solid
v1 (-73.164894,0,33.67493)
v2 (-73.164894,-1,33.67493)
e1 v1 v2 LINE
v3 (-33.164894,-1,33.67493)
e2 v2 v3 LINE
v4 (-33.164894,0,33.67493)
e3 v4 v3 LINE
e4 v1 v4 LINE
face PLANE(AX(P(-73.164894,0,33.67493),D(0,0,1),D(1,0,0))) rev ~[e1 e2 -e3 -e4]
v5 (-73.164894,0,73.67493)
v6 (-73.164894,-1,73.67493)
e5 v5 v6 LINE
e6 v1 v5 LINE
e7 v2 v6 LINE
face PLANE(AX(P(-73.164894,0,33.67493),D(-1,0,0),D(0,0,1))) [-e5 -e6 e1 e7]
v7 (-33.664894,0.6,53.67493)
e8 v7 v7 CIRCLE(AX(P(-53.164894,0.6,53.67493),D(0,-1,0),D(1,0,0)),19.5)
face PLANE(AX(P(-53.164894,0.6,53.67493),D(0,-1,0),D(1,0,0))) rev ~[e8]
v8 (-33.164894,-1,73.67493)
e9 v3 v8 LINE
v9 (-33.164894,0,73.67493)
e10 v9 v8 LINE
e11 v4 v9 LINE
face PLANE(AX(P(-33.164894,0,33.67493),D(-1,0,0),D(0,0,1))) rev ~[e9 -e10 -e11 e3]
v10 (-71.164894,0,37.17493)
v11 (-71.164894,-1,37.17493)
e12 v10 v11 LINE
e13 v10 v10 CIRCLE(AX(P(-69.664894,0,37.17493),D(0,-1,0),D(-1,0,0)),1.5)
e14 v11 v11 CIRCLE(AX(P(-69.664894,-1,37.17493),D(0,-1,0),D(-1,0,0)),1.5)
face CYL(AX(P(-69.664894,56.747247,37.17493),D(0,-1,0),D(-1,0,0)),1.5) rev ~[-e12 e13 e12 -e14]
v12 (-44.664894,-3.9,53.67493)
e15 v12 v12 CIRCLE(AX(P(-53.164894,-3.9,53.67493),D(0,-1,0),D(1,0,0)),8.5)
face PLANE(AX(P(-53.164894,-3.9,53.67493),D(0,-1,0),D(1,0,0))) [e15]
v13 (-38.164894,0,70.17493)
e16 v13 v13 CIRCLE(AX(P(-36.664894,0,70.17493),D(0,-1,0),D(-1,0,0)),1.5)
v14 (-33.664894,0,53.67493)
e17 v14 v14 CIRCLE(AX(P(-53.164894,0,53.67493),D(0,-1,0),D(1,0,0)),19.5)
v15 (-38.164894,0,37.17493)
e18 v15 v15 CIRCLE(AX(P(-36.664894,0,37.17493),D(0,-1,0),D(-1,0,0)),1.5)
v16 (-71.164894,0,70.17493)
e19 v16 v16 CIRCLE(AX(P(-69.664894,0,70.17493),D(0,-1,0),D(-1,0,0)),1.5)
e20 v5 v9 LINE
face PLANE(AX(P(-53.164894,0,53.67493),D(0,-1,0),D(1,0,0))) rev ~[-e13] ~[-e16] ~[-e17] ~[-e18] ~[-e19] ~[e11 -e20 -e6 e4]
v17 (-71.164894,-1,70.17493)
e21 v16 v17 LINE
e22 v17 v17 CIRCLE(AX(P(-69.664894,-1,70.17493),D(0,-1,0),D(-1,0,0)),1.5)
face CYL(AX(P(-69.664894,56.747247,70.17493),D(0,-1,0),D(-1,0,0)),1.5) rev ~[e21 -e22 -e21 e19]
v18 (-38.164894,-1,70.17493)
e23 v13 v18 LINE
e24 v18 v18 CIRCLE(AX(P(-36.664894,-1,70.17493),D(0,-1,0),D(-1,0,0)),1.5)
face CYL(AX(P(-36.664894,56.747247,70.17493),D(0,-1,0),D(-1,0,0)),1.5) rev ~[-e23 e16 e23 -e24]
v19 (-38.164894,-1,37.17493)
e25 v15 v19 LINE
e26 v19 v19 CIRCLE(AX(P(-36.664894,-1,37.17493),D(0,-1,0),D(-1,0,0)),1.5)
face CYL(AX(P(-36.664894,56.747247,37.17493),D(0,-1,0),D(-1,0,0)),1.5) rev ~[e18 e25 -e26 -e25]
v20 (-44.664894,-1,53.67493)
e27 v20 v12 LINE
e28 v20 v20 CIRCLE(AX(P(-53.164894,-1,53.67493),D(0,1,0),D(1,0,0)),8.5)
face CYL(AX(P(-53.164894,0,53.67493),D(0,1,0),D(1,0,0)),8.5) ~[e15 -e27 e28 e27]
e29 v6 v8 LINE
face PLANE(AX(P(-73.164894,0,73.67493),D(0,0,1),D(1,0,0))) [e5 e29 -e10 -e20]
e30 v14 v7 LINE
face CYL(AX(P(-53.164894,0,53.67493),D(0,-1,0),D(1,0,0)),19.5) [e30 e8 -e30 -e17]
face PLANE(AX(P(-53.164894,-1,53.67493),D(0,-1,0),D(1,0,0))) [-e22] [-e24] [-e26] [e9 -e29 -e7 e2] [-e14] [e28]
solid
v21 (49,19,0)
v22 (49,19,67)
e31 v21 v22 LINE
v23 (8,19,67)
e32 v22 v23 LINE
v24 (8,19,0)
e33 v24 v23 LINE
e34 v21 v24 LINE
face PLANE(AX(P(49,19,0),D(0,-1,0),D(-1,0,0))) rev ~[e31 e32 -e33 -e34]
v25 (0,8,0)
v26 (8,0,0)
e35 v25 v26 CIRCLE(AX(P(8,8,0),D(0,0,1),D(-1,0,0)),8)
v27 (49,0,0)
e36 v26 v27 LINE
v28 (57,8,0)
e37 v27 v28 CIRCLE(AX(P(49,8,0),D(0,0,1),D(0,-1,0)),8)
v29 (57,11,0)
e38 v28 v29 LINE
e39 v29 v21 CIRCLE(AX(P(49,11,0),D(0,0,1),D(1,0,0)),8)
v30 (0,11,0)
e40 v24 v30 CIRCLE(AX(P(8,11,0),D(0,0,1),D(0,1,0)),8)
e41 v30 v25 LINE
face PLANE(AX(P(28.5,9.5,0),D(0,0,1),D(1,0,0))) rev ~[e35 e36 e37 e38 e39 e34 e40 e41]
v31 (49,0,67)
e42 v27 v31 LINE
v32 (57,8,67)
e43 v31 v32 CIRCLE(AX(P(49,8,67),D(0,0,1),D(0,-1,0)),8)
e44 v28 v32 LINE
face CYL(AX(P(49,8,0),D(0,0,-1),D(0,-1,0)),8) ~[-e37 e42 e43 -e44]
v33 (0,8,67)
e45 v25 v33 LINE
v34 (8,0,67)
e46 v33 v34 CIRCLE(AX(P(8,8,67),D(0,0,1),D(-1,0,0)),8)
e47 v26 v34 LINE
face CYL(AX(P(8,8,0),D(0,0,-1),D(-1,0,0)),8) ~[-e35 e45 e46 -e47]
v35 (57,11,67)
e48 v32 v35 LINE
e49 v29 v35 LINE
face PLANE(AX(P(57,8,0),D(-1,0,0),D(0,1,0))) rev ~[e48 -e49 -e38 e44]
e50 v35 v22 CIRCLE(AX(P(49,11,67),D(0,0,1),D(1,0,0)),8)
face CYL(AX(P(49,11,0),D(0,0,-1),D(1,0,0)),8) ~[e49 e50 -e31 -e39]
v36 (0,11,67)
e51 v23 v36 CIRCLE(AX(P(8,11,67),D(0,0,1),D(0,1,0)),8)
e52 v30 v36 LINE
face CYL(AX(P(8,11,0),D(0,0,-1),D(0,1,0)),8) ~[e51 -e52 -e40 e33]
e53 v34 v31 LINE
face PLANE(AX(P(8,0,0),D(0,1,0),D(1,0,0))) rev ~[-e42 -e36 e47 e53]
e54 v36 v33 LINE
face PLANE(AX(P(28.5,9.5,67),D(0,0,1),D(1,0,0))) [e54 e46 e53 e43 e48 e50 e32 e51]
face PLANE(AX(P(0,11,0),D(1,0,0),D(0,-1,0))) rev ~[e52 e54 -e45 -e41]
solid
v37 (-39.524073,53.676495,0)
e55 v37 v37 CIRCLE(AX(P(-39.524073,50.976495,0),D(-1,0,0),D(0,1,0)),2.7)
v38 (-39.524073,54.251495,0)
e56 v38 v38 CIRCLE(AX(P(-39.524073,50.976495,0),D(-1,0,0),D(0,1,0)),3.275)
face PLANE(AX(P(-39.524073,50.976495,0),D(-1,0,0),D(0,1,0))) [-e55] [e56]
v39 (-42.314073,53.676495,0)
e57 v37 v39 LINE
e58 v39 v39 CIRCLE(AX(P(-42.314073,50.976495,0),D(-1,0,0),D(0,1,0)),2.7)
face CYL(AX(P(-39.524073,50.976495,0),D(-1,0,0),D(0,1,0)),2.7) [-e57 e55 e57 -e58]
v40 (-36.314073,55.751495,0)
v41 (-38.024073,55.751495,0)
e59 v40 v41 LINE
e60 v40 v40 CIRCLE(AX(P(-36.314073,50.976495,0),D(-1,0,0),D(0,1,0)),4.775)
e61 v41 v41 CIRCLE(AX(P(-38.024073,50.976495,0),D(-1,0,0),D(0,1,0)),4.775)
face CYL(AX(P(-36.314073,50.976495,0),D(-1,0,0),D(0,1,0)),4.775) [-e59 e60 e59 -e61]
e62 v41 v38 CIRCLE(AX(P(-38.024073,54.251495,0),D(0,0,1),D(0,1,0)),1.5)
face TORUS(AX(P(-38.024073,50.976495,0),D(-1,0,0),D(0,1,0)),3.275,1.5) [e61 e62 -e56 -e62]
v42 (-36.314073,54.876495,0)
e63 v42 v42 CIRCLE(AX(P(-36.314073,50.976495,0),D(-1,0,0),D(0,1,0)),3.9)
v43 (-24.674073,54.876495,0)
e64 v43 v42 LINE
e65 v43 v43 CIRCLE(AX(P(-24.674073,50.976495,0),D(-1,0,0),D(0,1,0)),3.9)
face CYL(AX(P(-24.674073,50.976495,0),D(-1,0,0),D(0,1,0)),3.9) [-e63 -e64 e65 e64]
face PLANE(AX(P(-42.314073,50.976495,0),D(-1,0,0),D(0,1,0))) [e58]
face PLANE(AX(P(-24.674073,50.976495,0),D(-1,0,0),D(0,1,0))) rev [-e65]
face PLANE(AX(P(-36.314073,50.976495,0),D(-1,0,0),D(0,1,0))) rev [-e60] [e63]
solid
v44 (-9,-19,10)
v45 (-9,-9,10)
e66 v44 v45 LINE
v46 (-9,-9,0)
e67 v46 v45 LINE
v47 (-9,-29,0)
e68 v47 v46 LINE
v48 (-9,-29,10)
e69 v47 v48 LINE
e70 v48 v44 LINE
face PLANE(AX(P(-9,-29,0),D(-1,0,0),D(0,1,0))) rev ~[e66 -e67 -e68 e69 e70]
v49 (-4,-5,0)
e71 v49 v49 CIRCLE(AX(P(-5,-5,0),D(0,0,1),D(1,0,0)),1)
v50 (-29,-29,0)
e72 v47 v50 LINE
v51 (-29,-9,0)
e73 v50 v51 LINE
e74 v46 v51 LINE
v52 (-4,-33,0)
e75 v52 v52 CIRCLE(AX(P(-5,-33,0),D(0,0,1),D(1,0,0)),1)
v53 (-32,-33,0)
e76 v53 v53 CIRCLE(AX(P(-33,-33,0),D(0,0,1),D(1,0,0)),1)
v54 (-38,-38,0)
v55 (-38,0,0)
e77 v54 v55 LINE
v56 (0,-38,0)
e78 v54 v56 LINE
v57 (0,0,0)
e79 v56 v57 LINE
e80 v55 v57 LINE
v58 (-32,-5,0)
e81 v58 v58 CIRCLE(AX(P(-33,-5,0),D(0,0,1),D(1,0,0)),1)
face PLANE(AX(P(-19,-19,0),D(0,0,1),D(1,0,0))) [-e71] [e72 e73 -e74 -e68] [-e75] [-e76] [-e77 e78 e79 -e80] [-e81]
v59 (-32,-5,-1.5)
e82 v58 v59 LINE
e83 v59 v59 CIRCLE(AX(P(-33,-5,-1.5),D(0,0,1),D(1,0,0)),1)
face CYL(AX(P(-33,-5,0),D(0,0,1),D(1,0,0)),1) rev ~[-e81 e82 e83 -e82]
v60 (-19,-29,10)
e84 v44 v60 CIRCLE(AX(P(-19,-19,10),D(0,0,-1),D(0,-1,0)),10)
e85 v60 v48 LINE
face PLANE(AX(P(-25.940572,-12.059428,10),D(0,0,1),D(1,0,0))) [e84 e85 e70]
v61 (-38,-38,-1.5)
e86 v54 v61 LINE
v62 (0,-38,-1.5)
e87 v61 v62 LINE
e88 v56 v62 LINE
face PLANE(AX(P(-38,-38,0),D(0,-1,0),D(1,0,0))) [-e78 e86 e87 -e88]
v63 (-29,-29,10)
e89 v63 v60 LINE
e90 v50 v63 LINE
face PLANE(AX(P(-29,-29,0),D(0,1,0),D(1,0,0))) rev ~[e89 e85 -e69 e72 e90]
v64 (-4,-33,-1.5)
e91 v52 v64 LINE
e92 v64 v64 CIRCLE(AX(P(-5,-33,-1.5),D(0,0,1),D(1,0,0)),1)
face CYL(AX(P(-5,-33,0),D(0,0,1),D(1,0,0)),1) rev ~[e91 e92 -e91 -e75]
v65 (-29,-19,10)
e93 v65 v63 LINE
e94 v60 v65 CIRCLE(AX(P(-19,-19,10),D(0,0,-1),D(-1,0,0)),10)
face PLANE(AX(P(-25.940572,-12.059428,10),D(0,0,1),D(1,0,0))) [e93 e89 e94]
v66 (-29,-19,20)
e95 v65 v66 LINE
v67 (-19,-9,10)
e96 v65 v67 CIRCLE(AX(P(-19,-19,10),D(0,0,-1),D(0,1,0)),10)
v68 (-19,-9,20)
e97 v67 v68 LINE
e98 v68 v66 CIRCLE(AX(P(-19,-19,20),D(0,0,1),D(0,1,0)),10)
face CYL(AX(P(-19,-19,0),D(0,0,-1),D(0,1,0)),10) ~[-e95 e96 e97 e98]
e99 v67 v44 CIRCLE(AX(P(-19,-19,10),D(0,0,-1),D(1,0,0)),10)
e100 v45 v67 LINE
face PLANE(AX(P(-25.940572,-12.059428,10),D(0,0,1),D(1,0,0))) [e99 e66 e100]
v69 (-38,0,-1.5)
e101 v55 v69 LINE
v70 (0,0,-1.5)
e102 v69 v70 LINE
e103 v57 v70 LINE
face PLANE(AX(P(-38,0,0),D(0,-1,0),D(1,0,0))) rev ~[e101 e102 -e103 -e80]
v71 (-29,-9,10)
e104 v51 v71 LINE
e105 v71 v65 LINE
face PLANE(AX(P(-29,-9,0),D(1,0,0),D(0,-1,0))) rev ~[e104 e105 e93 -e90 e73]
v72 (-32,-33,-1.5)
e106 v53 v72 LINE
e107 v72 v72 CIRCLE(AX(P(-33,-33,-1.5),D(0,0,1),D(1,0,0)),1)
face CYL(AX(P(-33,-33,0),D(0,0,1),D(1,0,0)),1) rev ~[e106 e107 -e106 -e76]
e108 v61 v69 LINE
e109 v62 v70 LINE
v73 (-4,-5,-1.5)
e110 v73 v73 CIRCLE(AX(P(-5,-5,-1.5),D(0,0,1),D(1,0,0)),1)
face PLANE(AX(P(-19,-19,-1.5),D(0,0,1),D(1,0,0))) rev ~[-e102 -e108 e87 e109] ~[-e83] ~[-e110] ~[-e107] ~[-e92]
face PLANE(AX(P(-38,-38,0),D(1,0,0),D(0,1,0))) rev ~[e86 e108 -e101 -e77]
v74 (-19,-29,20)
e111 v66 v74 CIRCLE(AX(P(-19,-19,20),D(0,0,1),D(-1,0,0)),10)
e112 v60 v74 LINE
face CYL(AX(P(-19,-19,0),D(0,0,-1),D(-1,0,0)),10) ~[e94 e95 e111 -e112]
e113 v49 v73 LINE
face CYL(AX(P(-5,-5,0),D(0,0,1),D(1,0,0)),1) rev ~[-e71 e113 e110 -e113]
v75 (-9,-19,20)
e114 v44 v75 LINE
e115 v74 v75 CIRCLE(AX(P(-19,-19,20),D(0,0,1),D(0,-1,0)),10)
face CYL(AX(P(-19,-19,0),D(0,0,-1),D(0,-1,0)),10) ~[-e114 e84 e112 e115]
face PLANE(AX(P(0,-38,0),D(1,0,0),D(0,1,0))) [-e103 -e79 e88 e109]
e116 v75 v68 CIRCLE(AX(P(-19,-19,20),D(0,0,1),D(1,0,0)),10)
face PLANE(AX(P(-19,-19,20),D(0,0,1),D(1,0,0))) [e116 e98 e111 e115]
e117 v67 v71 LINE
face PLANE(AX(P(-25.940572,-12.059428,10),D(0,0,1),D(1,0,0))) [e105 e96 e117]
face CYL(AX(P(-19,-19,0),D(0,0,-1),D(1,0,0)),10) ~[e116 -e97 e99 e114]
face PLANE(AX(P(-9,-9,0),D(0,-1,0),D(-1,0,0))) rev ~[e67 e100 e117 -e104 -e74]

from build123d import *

# Parameters (mm, degrees)
F1_DEPTH = 67
F2_W     = 38
F2_H     = 38
F2_R     = 1
F3_DEPTH = 1.5
F4_DEPTH = 10
F5_DEPTH = 20
F6_W     = 40
F6_H     = 40
F6_R     = 19.5
F6_R_2   = 8.5
F7_DEPTH = 1
F8_DEPTH = 0.6
F9_DEPTH = 3.9
F10_D    = 3


with BuildPart() as f1:
    # F0 (on Top) → F1 (new body)
    with BuildSketch(Plane.XY):
        with BuildLine():
            ThreePointArc((0, 8), (2.3431457505, 2.3431457505), (8, 0))
            Line((8, 0), (49, 0))
            ThreePointArc((49, 0), (54.6568542495, 2.3431457505), (57, 8))
            Line((57, 8), (57, 11))
            ThreePointArc((57, 11), (54.6568542495, 16.6568542495), (49, 19))
            Line((49, 19), (8, 19))
            ThreePointArc((8, 19), (2.3431457505, 16.6568542495), (0, 11))
            Line((0, 11), (0, 8))
        make_face()
    extrude(amount=F1_DEPTH)


with BuildPart() as f3:
    # F2 (on Top) → F3 (new body)
    with BuildSketch(Plane.XY):
        with Locations((-19, -19)):
            Rectangle(F2_W, F2_H)
        with Locations((-33, -33)):
            Circle(F2_R, mode=Mode.SUBTRACT)
        with Locations((-5, -33)):
            Circle(F2_R, mode=Mode.SUBTRACT)
        with Locations((-33, -5)):
            Circle(F2_R, mode=Mode.SUBTRACT)
        Polygon((-29, -19), (-29, -9), (-19, -9), (-9, -9), (-9, -19), (-9, -29), (-19, -29), (-29, -29), align=None, mode=Mode.SUBTRACT)
        with Locations((-5, -5)):
            Circle(F2_R, mode=Mode.SUBTRACT)
        with BuildLine():
            Line((-19, -9), (-29, -9))
            Line((-29, -9), (-29, -19))
            ThreePointArc((-29, -19), (-26.0710678119, -11.9289321881), (-19, -9))
        make_face()
        with BuildLine():
            Line((-9, -9), (-19, -9))
            ThreePointArc((-19, -9), (-11.9289321881, -11.9289321881), (-9, -19))
            Line((-9, -19), (-9, -9))
        make_face()
        with BuildLine():
            ThreePointArc((-9, -19), (-11.9289321881, -11.9289321881), (-19, -9))
            ThreePointArc((-19, -9), (-26.0710678119, -11.9289321881), (-29, -19))
            ThreePointArc((-29, -19), (-26.0710678119, -26.0710678119), (-19, -29))
            ThreePointArc((-19, -29), (-11.9289321881, -26.0710678119), (-9, -19))
        make_face()
        with BuildLine():
            ThreePointArc((-19, -29), (-26.0710678119, -26.0710678119), (-29, -19))
            Line((-29, -19), (-29, -29))
            Line((-29, -29), (-19, -29))
        make_face()
        with BuildLine():
            Line((-9, -29), (-9, -19))
            ThreePointArc((-9, -19), (-11.9289321881, -26.0710678119), (-19, -29))
            Line((-19, -29), (-9, -29))
        make_face()
    extrude(amount=-F3_DEPTH)

    # F2 (on Top) → F4 (join)
    with BuildSketch(Plane.XY):
        with BuildLine():
            Line((-19, -9), (-29, -9))
            Line((-29, -9), (-29, -19))
            ThreePointArc((-29, -19), (-26.0710678119, -11.9289321881), (-19, -9))
        make_face()
        with BuildLine():
            Line((-9, -9), (-19, -9))
            ThreePointArc((-19, -9), (-11.9289321881, -11.9289321881), (-9, -19))
            Line((-9, -19), (-9, -9))
        make_face()
        with BuildLine():
            ThreePointArc((-19, -29), (-26.0710678119, -26.0710678119), (-29, -19))
            Line((-29, -19), (-29, -29))
            Line((-29, -29), (-19, -29))
        make_face()
        with BuildLine():
            ThreePointArc((-9, -19), (-11.9289321881, -11.9289321881), (-19, -9))
            ThreePointArc((-19, -9), (-26.0710678119, -11.9289321881), (-29, -19))
            ThreePointArc((-29, -19), (-26.0710678119, -26.0710678119), (-19, -29))
            ThreePointArc((-19, -29), (-11.9289321881, -26.0710678119), (-9, -19))
        make_face()
        with BuildLine():
            Line((-9, -29), (-9, -19))
            ThreePointArc((-9, -19), (-11.9289321881, -26.0710678119), (-19, -29))
            Line((-19, -29), (-9, -29))
        make_face()
    extrude(amount=F4_DEPTH)

    # F2 (on Top) → F5 (join)
    with BuildSketch(Plane.XY):
        with BuildLine():
            ThreePointArc((-9, -19), (-11.9289321881, -11.9289321881), (-19, -9))
            ThreePointArc((-19, -9), (-26.0710678119, -11.9289321881), (-29, -19))
            ThreePointArc((-29, -19), (-26.0710678119, -26.0710678119), (-19, -29))
            ThreePointArc((-19, -29), (-11.9289321881, -26.0710678119), (-9, -19))
        make_face()
    extrude(amount=F5_DEPTH)


with BuildPart() as f7:
    # F6 (on Front) → F7 (new body)
    with BuildSketch(Plane.XZ):
        with Locations((-53.1648937613, 53.6749299139)):
            Rectangle(F6_W, F6_H)
        with Locations((-53.1648937613, 53.6749299139)):
            Circle(F6_R, mode=Mode.SUBTRACT)
        with Locations((-53.1648937613, 53.6749299139)):
            Circle(F6_R)
        with Locations((-53.1648937613, 53.6749299139)):
            Circle(F6_R_2, mode=Mode.SUBTRACT)
        with Locations((-53.1648937613, 53.6749299139)):
            Circle(F6_R_2)
    extrude(amount=F7_DEPTH)

    # F6 (on Front) → F8 (join)
    with BuildSketch(Plane.XZ):
        with Locations((-53.1648937613, 53.6749299139)):
            Circle(F6_R)
        with Locations((-53.1648937613, 53.6749299139)):
            Circle(F6_R_2, mode=Mode.SUBTRACT)
        with Locations((-53.1648937613, 53.6749299139)):
            Circle(F6_R_2)
    extrude(amount=-F8_DEPTH)

    # F6 (on Front) → F9 (join)
    with BuildSketch(Plane.XZ):
        with Locations((-53.1648937613, 53.6749299139)):
            Circle(F6_R_2)
    extrude(amount=F9_DEPTH)

    # F10 (through all)
    with Locations(Plane(origin=(0, 0, 0), x_dir=(1, 0, 0), z_dir=(0, 1, 0))):
        with Locations((-69.6648937613, -70.1749299139), (-69.6648937613, -37.1749299139), (-36.6648937613, -37.1749299139), (-36.6648937613, -70.1749299139)):
            Hole(F10_D / 2)


with BuildPart() as f12:
    # F11 (on Top) → F12 (revolve)
    with BuildSketch(Plane.XY):
        with BuildLine():
            Line((-42.3140732824, 50.9764954408), (-24.6740732824, 50.9764954408))
            Line((-24.6740732824, 50.9764954408), (-24.6740732824, 54.8764954408))
            Line((-24.6740732824, 54.8764954408), (-36.3140732824, 54.8764954408))
            Line((-36.3140732824, 54.8764954408), (-36.3140732824, 55.7514954408))
            Line((-36.3140732824, 55.7514954408), (-38.0240732824, 55.7514954408))
            ThreePointArc((-38.0240732824, 55.7514954408), (-39.0847334542, 55.3121556126), (-39.5240732824, 54.2514954408))
            Line((-39.5240732824, 54.2514954408), (-39.5240732824, 53.6764954408))
            Line((-39.5240732824, 53.6764954408), (-42.3140732824, 53.6764954408))
            Line((-42.3140732824, 53.6764954408), (-42.3140732824, 50.9764954408))
        make_face()
    revolve(axis=Axis((-33.4940732824, 50.9764954408, 0), (-1, 0, 0)))


solid = Compound([f1.part, f3.part, f7.part, f12.part])
